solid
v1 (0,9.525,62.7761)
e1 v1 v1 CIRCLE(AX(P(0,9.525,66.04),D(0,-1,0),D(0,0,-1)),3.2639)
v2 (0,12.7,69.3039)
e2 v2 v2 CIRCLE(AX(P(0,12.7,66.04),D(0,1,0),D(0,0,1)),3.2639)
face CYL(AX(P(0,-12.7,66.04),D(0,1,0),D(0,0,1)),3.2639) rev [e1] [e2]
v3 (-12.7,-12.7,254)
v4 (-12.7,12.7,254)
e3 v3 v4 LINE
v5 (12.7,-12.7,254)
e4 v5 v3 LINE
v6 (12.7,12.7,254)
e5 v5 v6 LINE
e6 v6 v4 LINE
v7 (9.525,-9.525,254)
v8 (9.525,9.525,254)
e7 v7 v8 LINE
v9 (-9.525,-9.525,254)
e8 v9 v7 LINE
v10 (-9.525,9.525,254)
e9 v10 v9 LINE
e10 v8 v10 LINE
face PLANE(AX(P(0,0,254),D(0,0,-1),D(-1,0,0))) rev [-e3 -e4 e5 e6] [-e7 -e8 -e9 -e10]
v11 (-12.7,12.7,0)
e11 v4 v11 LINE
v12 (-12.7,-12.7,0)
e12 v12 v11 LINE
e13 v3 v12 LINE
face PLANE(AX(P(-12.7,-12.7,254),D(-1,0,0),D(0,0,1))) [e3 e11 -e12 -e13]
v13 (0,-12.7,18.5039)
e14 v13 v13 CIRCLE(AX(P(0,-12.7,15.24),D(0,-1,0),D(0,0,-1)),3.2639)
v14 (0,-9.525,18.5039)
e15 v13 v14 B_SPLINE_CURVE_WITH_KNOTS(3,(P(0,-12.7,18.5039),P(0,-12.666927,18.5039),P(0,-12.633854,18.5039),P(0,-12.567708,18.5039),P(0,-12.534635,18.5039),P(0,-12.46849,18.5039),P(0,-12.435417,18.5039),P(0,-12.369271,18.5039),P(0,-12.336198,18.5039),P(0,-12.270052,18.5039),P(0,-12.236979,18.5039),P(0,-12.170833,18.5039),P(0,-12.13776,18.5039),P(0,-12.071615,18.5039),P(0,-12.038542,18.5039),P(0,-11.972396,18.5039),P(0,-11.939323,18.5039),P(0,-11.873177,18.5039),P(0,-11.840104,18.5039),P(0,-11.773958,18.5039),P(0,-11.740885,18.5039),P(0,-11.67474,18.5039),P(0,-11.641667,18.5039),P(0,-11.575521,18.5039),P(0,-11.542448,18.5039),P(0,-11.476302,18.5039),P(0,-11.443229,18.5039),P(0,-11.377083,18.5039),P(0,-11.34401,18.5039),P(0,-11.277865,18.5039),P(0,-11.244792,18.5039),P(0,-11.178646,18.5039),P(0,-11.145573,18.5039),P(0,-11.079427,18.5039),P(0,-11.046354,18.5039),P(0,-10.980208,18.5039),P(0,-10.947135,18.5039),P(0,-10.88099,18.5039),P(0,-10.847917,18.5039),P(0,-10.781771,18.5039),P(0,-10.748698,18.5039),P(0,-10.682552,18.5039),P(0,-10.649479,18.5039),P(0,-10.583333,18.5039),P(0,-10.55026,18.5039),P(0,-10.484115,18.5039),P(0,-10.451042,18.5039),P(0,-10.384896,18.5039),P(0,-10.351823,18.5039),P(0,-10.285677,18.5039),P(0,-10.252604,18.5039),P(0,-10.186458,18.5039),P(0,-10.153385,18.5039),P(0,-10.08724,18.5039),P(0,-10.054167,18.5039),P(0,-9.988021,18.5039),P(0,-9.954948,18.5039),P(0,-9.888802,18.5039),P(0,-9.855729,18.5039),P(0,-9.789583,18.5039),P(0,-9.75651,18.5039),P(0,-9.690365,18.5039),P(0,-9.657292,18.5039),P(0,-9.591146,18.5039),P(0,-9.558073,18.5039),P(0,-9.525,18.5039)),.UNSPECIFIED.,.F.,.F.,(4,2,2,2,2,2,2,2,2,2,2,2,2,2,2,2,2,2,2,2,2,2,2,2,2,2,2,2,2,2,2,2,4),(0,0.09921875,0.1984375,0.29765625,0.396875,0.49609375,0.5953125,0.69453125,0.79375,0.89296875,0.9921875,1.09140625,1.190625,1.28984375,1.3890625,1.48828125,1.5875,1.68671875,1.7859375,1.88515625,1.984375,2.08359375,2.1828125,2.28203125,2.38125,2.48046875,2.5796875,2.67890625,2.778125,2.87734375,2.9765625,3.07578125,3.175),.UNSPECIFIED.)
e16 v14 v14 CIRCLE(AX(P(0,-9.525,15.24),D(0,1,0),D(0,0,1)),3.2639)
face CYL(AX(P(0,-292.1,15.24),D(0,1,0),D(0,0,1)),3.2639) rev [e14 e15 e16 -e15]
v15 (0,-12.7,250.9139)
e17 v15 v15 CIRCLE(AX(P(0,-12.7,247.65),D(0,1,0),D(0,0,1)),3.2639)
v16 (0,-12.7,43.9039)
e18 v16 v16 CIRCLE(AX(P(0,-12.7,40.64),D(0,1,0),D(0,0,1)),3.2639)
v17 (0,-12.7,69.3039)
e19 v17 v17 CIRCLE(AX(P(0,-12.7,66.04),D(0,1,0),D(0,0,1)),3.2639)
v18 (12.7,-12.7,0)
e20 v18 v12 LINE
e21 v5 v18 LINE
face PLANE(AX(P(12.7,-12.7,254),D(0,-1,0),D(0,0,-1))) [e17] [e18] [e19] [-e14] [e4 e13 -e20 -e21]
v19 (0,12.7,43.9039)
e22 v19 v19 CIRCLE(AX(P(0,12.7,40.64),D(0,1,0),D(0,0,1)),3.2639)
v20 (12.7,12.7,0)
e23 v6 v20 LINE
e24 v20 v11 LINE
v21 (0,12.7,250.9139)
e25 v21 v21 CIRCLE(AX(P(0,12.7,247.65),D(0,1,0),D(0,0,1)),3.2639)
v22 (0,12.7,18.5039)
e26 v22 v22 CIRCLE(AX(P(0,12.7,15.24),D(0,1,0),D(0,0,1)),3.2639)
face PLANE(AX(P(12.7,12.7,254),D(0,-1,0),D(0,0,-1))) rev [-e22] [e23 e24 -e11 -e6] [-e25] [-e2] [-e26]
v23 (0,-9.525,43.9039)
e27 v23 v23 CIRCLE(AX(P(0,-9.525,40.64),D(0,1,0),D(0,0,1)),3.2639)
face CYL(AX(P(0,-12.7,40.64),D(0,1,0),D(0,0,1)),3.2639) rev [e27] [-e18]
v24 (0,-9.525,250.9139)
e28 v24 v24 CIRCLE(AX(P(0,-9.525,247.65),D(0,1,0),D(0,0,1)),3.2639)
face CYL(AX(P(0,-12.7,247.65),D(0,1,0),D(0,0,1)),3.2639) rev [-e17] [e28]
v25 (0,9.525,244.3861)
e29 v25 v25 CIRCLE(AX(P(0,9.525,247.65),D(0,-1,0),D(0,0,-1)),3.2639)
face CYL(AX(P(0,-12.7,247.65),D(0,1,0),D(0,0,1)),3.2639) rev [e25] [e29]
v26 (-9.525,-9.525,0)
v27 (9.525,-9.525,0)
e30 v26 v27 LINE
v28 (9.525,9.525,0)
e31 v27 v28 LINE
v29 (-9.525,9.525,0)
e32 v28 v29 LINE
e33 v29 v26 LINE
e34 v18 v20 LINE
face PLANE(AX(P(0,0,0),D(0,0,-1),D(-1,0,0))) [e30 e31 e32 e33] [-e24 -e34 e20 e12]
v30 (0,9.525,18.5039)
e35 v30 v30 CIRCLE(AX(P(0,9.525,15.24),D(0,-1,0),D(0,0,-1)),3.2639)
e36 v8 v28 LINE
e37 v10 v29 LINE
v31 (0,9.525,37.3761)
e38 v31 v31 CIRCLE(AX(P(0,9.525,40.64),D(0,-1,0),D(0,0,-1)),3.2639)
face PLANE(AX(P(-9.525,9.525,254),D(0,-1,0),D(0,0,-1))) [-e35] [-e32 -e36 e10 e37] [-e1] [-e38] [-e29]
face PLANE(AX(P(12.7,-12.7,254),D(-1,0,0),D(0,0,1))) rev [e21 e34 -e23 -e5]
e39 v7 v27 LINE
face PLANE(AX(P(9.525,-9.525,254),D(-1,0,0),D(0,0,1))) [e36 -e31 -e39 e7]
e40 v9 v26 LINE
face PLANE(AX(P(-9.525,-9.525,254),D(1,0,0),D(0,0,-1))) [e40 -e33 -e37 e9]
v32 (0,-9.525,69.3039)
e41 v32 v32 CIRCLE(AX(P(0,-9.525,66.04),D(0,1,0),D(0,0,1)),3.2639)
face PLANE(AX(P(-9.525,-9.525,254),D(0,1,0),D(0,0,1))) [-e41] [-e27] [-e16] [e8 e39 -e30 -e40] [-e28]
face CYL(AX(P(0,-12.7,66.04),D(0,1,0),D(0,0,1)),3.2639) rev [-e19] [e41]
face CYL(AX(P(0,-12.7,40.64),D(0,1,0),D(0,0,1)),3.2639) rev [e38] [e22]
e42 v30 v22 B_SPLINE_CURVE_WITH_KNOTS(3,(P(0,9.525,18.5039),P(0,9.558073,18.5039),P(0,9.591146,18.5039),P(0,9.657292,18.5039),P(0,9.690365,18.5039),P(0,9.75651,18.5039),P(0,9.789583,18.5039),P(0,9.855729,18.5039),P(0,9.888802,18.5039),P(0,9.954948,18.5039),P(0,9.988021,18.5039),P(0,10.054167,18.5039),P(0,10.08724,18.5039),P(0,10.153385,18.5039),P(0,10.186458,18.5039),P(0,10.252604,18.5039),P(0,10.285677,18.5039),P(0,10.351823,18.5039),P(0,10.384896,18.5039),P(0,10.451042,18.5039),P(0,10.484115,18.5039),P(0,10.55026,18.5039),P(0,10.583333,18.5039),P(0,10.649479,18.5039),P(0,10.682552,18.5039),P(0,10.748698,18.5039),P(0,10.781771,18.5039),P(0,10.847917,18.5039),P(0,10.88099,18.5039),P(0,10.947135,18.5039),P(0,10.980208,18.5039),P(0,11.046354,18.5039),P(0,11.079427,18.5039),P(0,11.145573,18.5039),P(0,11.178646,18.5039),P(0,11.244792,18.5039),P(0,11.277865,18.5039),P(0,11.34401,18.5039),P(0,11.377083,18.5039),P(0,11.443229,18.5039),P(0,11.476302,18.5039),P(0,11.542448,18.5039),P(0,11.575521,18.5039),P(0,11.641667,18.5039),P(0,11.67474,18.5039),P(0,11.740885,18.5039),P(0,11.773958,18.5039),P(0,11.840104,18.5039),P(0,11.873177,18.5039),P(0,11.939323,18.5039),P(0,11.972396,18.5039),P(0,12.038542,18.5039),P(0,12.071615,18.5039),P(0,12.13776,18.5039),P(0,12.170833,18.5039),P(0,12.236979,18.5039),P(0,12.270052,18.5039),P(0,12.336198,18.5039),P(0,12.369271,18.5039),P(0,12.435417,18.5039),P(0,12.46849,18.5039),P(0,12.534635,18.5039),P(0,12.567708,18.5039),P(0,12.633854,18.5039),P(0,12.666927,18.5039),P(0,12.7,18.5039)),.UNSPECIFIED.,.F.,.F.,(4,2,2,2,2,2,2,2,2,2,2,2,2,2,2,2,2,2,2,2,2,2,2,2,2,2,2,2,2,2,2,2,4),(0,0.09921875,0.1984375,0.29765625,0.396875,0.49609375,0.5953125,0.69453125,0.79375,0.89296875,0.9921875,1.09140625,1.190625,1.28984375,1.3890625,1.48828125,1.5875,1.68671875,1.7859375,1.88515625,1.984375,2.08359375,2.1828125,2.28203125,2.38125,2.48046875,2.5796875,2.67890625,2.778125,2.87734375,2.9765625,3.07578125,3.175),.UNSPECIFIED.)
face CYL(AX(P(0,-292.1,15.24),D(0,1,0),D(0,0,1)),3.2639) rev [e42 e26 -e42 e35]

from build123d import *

# Parameters (mm, degrees)
SKETCH2_W           = 25.4
SKETCH2_H           = 25.4
BOSS_EXTRUDE1_DEPTH = 254
SKETCH4_W           = 19.05
SKETCH4_H           = 19.05
CUT_EXTRUDE1_DEPTH  = 255.634208228
SKETCH5_R           = 3.2639
CUT_EXTRUDE2_DEPTH  = 304.8
SKETCH6_R           = 3.2639
CUT_EXTRUDE3_DEPTH  = 256.582569828
SKETCH8_R           = 3.2639
CUT_EXTRUDE4_DEPTH  = 256.582569828


with BuildPart() as part:
    # Sketch2 → Boss-Extrude1 (new body)
    with BuildSketch(Plane.XY):
        Rectangle(SKETCH2_W, SKETCH2_H)
    extrude(amount=BOSS_EXTRUDE1_DEPTH)

    # Sketch4 → Cut-Extrude1 (cut, through all)
    with BuildSketch(Plane.XY):
        Rectangle(SKETCH4_W, SKETCH4_H)
    extrude(amount=CUT_EXTRUDE1_DEPTH, mode=Mode.SUBTRACT)

    # Sketch5 → Cut-Extrude2 (cut)
    with BuildSketch(Plane(origin=(0, 12.7, 0), x_dir=(1, 0, 0), z_dir=(0, 1, 0))):
        with Locations(Location((0, -15.24, 0), (0, 0, 270))):
            Circle(SKETCH5_R)
    extrude(amount=-CUT_EXTRUDE2_DEPTH, mode=Mode.SUBTRACT)

    # Sketch6 → Cut-Extrude3 (cut, through all)
    with BuildSketch(Plane(origin=(0, 12.7, 0), x_dir=(1, 0, 0), z_dir=(0, 1, 0))):
        with Locations(Location((0, -247.65, 0), (0, 0, 270))):
            Circle(SKETCH6_R)
    extrude(amount=-CUT_EXTRUDE3_DEPTH, mode=Mode.SUBTRACT)

    # Sketch8 → Cut-Extrude4 (cut, through all)
    with BuildSketch(Plane(origin=(0, 12.7, 0), x_dir=(1, 0, 0), z_dir=(0, 1, 0))):
        with Locations(Location((0, -66.04, 0), (0, 0, 270))):
            Circle(SKETCH8_R)
        with Locations(Location((0, -40.64, 0), (0, 0, 270))):
            Circle(SKETCH8_R)
    extrude(amount=-CUT_EXTRUDE4_DEPTH, mode=Mode.SUBTRACT)


solid = part.part
